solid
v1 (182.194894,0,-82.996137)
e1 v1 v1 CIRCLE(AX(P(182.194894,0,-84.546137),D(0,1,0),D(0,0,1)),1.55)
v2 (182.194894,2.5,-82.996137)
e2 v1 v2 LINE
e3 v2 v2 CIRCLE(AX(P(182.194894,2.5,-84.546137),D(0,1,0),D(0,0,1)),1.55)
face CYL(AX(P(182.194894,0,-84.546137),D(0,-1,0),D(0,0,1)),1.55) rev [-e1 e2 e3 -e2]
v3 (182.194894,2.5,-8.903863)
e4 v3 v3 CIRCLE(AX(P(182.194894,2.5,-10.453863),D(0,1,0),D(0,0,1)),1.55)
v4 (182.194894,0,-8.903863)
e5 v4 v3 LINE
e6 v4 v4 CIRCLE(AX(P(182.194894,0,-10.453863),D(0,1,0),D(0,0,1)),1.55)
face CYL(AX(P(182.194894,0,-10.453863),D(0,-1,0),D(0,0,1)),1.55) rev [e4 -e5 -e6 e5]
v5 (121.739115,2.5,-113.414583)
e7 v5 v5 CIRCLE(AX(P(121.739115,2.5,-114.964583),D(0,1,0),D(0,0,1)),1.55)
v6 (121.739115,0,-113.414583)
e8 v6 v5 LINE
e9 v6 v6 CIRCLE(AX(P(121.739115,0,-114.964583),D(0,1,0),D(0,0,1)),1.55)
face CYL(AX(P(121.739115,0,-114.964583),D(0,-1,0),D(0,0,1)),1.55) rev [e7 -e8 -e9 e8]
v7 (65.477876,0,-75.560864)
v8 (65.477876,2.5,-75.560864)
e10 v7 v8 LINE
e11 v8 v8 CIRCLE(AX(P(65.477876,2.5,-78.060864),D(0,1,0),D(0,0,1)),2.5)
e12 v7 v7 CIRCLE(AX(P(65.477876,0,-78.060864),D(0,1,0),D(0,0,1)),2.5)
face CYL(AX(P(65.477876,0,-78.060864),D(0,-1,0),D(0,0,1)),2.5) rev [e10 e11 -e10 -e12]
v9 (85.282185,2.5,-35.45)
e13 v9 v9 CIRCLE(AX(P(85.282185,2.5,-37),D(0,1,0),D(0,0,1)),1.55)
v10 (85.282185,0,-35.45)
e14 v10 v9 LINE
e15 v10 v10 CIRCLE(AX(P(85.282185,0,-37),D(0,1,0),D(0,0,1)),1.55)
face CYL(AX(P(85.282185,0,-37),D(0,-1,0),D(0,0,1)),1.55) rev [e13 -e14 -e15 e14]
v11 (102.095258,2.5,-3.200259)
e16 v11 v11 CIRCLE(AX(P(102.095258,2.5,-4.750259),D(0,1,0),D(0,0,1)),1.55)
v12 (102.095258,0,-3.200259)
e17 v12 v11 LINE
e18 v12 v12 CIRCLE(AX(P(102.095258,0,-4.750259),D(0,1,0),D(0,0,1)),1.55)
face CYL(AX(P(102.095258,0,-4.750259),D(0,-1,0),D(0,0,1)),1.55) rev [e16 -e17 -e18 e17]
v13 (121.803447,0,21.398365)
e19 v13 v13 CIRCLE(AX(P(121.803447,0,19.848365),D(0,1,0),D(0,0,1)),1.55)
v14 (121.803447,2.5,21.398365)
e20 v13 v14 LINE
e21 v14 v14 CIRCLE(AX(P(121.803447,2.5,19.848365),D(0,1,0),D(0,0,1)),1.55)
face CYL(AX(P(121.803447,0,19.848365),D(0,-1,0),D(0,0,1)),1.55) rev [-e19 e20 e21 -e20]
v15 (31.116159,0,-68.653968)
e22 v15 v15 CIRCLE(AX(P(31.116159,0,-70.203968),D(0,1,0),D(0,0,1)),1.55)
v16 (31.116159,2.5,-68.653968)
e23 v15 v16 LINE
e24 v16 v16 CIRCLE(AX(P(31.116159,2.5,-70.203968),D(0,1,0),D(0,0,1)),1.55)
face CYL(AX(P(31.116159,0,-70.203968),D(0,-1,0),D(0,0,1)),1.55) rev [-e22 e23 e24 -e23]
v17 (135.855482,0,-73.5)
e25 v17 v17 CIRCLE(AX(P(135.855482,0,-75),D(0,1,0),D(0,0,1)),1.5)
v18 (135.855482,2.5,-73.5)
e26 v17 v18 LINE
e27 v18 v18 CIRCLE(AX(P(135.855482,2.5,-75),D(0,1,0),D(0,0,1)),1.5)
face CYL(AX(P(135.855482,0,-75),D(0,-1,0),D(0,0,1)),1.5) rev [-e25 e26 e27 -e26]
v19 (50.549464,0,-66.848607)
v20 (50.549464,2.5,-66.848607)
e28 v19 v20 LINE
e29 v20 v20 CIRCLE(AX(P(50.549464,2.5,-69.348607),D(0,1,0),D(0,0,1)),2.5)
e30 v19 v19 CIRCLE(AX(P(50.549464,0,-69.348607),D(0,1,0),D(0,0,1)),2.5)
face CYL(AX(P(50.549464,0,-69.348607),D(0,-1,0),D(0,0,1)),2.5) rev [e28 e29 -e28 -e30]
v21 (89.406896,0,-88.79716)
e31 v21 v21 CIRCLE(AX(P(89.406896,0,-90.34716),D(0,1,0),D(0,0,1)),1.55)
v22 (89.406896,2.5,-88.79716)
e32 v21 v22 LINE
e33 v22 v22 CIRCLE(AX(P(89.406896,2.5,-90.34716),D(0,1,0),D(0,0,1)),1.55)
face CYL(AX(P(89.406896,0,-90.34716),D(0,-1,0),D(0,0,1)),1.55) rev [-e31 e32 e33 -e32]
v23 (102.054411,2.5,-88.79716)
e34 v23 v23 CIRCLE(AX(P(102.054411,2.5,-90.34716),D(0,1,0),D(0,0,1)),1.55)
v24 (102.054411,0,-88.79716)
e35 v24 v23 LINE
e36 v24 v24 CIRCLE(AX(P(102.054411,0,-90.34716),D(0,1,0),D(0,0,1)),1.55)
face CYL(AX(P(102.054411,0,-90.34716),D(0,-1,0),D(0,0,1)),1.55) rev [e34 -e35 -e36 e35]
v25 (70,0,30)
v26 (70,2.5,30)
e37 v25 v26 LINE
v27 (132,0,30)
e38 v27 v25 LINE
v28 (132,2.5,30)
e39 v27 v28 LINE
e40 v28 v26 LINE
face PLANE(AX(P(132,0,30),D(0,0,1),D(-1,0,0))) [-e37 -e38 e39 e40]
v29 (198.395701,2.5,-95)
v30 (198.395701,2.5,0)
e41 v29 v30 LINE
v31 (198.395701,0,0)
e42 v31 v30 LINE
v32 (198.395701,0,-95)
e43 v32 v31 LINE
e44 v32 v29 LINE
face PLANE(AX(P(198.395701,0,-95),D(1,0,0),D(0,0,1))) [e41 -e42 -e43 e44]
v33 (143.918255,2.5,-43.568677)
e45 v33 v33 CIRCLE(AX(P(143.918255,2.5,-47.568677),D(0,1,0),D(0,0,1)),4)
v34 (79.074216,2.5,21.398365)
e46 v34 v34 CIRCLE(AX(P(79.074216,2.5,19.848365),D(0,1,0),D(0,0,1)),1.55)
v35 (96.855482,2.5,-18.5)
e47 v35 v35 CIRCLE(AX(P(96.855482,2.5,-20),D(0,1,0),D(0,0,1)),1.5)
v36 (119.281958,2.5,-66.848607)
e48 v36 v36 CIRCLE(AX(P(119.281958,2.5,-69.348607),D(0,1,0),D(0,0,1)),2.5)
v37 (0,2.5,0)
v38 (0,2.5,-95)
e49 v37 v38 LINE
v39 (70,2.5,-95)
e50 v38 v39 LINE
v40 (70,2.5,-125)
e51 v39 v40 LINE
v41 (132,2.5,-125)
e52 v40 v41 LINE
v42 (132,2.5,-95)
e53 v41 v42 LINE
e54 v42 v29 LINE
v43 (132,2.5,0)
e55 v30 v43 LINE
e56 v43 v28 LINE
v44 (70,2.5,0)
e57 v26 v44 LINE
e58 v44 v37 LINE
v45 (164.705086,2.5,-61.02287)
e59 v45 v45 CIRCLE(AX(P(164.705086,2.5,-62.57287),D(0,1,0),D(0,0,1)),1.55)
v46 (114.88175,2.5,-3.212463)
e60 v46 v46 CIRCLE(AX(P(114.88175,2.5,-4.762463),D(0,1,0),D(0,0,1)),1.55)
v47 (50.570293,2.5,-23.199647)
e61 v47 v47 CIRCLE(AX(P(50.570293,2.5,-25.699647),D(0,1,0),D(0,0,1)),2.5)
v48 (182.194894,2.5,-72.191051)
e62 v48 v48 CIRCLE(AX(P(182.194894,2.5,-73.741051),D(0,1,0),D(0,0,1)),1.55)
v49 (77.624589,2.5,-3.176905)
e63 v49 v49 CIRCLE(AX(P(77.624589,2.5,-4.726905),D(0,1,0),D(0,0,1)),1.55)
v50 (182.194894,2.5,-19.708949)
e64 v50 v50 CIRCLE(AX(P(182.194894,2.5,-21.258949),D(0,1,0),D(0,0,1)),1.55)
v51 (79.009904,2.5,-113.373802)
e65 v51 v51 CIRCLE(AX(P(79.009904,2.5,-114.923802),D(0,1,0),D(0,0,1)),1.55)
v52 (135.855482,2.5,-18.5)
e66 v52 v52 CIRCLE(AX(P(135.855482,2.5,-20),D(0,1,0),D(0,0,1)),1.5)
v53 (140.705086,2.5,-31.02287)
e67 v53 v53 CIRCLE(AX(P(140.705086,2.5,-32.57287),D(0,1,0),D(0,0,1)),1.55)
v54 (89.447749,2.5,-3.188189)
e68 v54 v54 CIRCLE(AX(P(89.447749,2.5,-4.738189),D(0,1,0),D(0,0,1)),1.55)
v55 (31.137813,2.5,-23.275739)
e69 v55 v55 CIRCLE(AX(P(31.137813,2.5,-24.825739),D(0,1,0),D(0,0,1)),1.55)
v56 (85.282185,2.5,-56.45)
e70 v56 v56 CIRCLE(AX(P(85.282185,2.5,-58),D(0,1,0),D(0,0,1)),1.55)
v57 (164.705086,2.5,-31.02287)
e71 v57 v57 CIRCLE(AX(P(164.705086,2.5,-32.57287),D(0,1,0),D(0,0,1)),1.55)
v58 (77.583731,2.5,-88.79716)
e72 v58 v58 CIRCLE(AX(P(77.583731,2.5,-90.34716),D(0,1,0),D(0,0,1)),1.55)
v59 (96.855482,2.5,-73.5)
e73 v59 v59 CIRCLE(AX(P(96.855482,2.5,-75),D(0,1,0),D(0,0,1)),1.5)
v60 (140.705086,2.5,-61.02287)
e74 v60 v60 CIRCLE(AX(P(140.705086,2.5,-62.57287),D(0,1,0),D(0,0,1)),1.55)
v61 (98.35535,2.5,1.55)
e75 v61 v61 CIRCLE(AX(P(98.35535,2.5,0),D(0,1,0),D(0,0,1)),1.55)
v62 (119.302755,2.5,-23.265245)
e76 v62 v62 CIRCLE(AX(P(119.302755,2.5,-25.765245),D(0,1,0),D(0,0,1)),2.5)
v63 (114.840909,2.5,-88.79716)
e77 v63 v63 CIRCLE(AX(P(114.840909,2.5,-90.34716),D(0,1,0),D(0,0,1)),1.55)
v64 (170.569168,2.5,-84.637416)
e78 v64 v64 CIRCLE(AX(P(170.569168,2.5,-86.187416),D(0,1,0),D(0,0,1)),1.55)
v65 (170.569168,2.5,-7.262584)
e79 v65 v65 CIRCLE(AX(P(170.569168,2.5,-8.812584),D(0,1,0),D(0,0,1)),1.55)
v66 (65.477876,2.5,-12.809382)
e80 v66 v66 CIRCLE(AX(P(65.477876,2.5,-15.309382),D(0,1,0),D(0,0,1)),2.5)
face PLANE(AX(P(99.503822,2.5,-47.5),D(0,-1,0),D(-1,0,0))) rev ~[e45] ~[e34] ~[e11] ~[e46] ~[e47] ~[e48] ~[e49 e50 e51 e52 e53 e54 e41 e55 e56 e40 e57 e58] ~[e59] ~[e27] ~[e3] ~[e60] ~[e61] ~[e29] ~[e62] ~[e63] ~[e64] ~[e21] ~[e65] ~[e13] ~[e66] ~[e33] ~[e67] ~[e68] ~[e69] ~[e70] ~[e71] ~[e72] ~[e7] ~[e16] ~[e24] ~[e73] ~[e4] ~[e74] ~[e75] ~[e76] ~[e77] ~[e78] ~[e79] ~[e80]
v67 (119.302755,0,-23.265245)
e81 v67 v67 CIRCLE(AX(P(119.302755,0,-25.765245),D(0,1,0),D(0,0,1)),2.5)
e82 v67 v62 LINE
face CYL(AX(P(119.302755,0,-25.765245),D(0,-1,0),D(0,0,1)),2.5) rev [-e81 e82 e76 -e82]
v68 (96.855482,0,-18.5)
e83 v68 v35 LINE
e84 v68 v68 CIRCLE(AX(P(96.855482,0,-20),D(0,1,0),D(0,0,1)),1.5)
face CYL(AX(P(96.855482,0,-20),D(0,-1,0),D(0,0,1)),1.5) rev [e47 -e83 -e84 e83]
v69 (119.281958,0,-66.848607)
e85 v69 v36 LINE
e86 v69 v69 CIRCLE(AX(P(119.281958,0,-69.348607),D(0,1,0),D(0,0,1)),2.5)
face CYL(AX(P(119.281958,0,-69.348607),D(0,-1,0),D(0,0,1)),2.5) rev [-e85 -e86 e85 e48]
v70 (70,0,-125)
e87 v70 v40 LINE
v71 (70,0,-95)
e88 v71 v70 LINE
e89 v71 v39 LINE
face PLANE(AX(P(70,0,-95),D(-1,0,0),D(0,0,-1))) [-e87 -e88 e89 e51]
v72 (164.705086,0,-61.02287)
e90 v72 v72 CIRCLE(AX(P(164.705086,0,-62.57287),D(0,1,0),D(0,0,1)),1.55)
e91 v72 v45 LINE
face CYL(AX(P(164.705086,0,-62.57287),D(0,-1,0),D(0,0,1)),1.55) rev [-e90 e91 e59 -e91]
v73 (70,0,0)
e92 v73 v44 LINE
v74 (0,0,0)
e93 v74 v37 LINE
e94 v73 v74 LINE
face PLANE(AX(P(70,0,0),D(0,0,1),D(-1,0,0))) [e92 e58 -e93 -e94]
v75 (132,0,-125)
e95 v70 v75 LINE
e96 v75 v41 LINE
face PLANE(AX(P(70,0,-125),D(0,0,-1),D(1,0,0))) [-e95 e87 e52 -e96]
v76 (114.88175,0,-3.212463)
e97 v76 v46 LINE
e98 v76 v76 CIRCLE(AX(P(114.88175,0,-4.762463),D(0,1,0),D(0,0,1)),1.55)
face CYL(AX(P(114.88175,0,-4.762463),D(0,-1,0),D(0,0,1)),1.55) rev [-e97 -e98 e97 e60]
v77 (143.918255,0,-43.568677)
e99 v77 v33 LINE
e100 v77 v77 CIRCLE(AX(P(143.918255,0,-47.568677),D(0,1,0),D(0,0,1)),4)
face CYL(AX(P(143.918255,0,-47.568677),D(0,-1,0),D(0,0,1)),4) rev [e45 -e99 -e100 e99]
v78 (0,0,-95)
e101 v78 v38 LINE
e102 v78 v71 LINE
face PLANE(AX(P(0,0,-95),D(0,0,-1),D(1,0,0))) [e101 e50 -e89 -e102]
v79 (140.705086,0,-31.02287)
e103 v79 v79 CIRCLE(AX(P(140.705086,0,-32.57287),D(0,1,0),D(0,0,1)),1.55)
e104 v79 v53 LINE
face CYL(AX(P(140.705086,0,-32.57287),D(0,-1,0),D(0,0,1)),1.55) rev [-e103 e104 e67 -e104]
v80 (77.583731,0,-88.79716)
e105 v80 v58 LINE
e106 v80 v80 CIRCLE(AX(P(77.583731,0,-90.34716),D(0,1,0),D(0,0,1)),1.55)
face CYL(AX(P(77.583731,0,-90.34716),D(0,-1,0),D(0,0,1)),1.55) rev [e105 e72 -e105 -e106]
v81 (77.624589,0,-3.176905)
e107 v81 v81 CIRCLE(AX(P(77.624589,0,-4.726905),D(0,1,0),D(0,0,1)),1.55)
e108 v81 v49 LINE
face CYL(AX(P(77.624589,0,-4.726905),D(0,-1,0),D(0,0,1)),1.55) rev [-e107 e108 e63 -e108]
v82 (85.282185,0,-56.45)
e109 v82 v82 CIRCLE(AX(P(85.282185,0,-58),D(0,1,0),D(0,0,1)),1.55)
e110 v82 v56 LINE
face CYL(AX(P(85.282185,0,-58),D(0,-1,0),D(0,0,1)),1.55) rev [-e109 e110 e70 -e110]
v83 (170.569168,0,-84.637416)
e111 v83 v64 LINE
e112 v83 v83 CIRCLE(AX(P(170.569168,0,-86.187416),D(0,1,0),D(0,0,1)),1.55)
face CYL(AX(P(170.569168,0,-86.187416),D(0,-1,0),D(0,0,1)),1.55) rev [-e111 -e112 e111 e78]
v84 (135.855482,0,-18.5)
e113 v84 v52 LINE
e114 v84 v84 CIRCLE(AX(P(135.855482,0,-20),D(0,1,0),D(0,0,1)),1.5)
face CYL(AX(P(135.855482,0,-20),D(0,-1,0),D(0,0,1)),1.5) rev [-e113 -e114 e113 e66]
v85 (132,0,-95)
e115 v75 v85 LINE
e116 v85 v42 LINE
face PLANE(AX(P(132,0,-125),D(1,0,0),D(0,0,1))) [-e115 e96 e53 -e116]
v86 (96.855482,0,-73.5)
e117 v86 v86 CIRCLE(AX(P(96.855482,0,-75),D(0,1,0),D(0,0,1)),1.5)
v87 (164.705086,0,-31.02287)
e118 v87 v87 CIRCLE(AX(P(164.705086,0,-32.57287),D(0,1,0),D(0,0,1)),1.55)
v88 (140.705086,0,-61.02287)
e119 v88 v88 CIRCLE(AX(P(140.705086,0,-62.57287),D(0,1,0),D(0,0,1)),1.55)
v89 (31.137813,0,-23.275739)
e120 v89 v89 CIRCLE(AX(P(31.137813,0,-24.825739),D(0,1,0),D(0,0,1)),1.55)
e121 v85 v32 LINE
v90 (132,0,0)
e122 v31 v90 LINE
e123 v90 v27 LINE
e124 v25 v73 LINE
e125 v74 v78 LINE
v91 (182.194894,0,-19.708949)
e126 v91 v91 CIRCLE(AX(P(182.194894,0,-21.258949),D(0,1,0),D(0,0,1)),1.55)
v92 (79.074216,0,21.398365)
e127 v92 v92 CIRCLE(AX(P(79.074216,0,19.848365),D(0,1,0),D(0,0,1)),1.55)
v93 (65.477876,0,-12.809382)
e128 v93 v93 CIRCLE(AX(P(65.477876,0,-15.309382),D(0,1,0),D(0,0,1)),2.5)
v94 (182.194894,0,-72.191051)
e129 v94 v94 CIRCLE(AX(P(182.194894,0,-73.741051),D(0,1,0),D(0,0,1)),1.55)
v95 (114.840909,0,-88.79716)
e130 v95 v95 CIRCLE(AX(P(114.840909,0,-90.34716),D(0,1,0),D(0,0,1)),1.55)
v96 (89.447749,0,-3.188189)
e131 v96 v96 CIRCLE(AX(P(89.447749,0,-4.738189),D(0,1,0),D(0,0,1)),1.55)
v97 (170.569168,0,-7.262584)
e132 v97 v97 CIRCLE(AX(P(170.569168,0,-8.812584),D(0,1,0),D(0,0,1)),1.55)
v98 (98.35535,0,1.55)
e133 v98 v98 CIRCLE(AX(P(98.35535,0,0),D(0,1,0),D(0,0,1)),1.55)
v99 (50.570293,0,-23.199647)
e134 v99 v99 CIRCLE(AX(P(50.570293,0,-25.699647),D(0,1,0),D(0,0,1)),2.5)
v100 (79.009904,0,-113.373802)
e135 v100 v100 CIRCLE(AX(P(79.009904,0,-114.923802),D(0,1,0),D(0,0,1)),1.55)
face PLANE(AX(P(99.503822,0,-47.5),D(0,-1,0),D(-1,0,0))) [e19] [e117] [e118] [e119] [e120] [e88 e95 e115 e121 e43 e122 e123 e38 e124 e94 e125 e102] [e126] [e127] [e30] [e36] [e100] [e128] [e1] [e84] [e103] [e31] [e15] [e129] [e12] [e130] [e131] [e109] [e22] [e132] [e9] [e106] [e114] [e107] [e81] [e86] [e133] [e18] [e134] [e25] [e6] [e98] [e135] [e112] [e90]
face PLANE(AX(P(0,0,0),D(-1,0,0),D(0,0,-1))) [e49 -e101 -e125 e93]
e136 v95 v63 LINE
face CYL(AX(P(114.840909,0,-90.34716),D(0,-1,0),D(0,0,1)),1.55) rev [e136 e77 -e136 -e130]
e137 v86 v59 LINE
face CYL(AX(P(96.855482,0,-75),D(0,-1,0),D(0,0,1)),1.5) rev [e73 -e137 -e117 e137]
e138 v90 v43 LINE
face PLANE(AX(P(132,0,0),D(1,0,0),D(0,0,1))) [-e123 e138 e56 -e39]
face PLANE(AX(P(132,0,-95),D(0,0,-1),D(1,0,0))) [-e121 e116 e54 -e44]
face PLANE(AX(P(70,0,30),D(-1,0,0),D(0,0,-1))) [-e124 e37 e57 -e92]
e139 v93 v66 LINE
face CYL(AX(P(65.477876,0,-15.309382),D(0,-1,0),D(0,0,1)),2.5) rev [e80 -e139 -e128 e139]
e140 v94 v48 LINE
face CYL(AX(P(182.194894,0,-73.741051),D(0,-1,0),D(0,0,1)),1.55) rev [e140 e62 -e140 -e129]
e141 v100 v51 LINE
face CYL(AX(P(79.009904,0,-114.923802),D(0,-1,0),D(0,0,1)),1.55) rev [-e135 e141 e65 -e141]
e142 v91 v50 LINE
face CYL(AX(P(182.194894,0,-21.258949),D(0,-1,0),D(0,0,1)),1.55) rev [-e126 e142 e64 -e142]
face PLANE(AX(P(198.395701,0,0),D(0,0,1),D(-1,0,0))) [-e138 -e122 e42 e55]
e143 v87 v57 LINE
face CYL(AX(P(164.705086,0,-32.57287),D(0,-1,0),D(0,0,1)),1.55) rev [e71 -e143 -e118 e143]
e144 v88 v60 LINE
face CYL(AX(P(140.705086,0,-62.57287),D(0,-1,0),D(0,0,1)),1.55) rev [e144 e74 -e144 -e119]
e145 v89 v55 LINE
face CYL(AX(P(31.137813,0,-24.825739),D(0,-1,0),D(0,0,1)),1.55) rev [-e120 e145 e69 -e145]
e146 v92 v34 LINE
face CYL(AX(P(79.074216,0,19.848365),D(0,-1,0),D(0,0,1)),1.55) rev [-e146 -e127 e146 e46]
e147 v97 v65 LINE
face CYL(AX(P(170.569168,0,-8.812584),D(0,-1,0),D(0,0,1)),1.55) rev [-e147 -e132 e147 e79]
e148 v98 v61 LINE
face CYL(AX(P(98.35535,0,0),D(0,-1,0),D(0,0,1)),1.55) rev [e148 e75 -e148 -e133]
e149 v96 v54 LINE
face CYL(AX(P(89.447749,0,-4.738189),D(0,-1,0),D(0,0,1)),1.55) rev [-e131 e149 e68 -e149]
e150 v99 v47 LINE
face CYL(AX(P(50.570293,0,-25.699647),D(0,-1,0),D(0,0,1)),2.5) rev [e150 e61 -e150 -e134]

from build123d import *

# Parameters (mm, degrees)
SKETCH_1_R      = 1.5
SKETCH_1_R_2    = 4
SKETCH_1_R_3    = 2.5
SKETCH_1_R_4    = 1.55
EXTRUDE_1_DEPTH = 2.5


with BuildPart() as part:
    # 草图1 → 凸台-拉伸1 (new body)
    with BuildSketch(Plane(origin=(0, 0, 0), x_dir=(1, 0, 0), z_dir=(0, 1, 0))):
        Polygon((0, 95), (70, 95), (70, 125), (132, 125), (132, 95), (198.395701384, 95), (198.395701384, 0), (132, 0), (132, -30), (70, -30), (70, 0), (0, 0), align=None)
        with Locations(Location((96.855482095, 20, 0), (0, 0, 270))):
            Circle(SKETCH_1_R, mode=Mode.SUBTRACT)
        with Locations(Location((135.855482095, 20, 0), (0, 0, 270))):
            Circle(SKETCH_1_R, mode=Mode.SUBTRACT)
        with Locations(Location((96.855482095, 75, 0), (0, 0, 270))):
            Circle(SKETCH_1_R, mode=Mode.SUBTRACT)
        with Locations(Location((135.855482095, 75, 0), (0, 0, 270))):
            Circle(SKETCH_1_R, mode=Mode.SUBTRACT)
        with Locations(Location((143.91825516, 47.568677235, 0), (0, 0, 270))):
            Circle(SKETCH_1_R_2, mode=Mode.SUBTRACT)
        with Locations(Location((65.477875917, 15.309382071, 0), (0, 0, 270))):
            Circle(SKETCH_1_R_3, mode=Mode.SUBTRACT)
        with Locations(Location((65.477875917, 78.060864371, 0), (0, 0, 270))):
            Circle(SKETCH_1_R_3, mode=Mode.SUBTRACT)
        with Locations(Location((50.549464097, 69.348606616, 0), (0, 0, 270))):
            Circle(SKETCH_1_R_3, mode=Mode.SUBTRACT)
        with Locations(Location((119.28195754, 69.348606616, 0), (0, 0, 270))):
            Circle(SKETCH_1_R_3, mode=Mode.SUBTRACT)
        with Locations(Location((85.282184512, 58, 0), (0, 0, 270))):
            Circle(SKETCH_1_R_4, mode=Mode.SUBTRACT)
        with Locations(Location((85.282184512, 37, 0), (0, 0, 270))):
            Circle(SKETCH_1_R_4, mode=Mode.SUBTRACT)
        with Locations(Location((119.302755352, 25.765245087, 0), (0, 0, 270))):
            Circle(SKETCH_1_R_3, mode=Mode.SUBTRACT)
        with Locations(Location((50.570293212, 25.699647342, 0), (0, 0, 270))):
            Circle(SKETCH_1_R_3, mode=Mode.SUBTRACT)
        with Locations(Location((140.705086193, 62.572870277, 0), (0, 0, 270))):
            Circle(SKETCH_1_R_4, mode=Mode.SUBTRACT)
        with Locations(Location((164.705086193, 62.572870277, 0), (0, 0, 270))):
            Circle(SKETCH_1_R_4, mode=Mode.SUBTRACT)
        with Locations(Location((140.705086193, 32.572870277, 0), (0, 0, 270))):
            Circle(SKETCH_1_R_4, mode=Mode.SUBTRACT)
        with Locations(Location((164.705086193, 32.572870277, 0), (0, 0, 270))):
            Circle(SKETCH_1_R_4, mode=Mode.SUBTRACT)
        with Locations(Location((79.074216313, -19.848364995, 0), (0, 0, 270))):
            Circle(SKETCH_1_R_4, mode=Mode.SUBTRACT)
        with Locations(Location((121.803446989, -19.848364995, 0), (0, 0, 270))):
            Circle(SKETCH_1_R_4, mode=Mode.SUBTRACT)
        with Locations(Location((79.009903556, 114.923802126, 0), (0, 0, 270))):
            Circle(SKETCH_1_R_4, mode=Mode.SUBTRACT)
        with Locations(Location((121.739114772, 114.964582564, 0), (0, 0, 270))):
            Circle(SKETCH_1_R_4, mode=Mode.SUBTRACT)
        with Locations(Location((31.137813249, 24.825739094, 0), (0, 0, 270))):
            Circle(SKETCH_1_R_4, mode=Mode.SUBTRACT)
        with Locations(Location((31.116158933, 70.203968261, 0), (0, 0, 270))):
            Circle(SKETCH_1_R_4, mode=Mode.SUBTRACT)
        with Locations(Location((77.583731052, 90.347159974, 0), (0, 0, 270))):
            Circle(SKETCH_1_R_4, mode=Mode.SUBTRACT)
        with Locations(Location((89.406896358, 90.347159974, 0), (0, 0, 270))):
            Circle(SKETCH_1_R_4, mode=Mode.SUBTRACT)
        with Locations(Location((98.355349988, 0, 0), (0, 0, 270))):
            Circle(SKETCH_1_R_4, mode=Mode.SUBTRACT)
        with Locations(Location((102.054410992, 90.347159974, 0), (0, 0, 270))):
            Circle(SKETCH_1_R_4, mode=Mode.SUBTRACT)
        with Locations(Location((114.840909304, 90.347159974, 0), (0, 0, 270))):
            Circle(SKETCH_1_R_4, mode=Mode.SUBTRACT)
        with Locations(Location((114.88174999, 4.762462791, 0), (0, 0, 270))):
            Circle(SKETCH_1_R_4, mode=Mode.SUBTRACT)
        with Locations(Location((102.095257502, 4.750259459, 0), (0, 0, 270))):
            Circle(SKETCH_1_R_4, mode=Mode.SUBTRACT)
        with Locations(Location((89.447748628, 4.738188772, 0), (0, 0, 270))):
            Circle(SKETCH_1_R_4, mode=Mode.SUBTRACT)
        with Locations(Location((77.624588706, 4.726904837, 0), (0, 0, 270))):
            Circle(SKETCH_1_R_4, mode=Mode.SUBTRACT)
        with Locations(Location((170.569167864, 86.187416053, 0), (0, 0, 270))):
            Circle(SKETCH_1_R_4, mode=Mode.SUBTRACT)
        with Locations(Location((182.194893719, 84.546137109, 0), (0, 0, 270))):
            Circle(SKETCH_1_R_4, mode=Mode.SUBTRACT)
        with Locations(Location((182.194893719, 73.741050727, 0), (0, 0, 270))):
            Circle(SKETCH_1_R_4, mode=Mode.SUBTRACT)
        with Locations(Location((182.194893719, 21.258949273, 0), (0, 0, 270))):
            Circle(SKETCH_1_R_4, mode=Mode.SUBTRACT)
        with Locations(Location((182.194893719, 10.453862891, 0), (0, 0, 270))):
            Circle(SKETCH_1_R_4, mode=Mode.SUBTRACT)
        with Locations(Location((170.569167864, 8.812583947, 0), (0, 0, 270))):
            Circle(SKETCH_1_R_4, mode=Mode.SUBTRACT)
    extrude(amount=EXTRUDE_1_DEPTH)


solid = part.part
